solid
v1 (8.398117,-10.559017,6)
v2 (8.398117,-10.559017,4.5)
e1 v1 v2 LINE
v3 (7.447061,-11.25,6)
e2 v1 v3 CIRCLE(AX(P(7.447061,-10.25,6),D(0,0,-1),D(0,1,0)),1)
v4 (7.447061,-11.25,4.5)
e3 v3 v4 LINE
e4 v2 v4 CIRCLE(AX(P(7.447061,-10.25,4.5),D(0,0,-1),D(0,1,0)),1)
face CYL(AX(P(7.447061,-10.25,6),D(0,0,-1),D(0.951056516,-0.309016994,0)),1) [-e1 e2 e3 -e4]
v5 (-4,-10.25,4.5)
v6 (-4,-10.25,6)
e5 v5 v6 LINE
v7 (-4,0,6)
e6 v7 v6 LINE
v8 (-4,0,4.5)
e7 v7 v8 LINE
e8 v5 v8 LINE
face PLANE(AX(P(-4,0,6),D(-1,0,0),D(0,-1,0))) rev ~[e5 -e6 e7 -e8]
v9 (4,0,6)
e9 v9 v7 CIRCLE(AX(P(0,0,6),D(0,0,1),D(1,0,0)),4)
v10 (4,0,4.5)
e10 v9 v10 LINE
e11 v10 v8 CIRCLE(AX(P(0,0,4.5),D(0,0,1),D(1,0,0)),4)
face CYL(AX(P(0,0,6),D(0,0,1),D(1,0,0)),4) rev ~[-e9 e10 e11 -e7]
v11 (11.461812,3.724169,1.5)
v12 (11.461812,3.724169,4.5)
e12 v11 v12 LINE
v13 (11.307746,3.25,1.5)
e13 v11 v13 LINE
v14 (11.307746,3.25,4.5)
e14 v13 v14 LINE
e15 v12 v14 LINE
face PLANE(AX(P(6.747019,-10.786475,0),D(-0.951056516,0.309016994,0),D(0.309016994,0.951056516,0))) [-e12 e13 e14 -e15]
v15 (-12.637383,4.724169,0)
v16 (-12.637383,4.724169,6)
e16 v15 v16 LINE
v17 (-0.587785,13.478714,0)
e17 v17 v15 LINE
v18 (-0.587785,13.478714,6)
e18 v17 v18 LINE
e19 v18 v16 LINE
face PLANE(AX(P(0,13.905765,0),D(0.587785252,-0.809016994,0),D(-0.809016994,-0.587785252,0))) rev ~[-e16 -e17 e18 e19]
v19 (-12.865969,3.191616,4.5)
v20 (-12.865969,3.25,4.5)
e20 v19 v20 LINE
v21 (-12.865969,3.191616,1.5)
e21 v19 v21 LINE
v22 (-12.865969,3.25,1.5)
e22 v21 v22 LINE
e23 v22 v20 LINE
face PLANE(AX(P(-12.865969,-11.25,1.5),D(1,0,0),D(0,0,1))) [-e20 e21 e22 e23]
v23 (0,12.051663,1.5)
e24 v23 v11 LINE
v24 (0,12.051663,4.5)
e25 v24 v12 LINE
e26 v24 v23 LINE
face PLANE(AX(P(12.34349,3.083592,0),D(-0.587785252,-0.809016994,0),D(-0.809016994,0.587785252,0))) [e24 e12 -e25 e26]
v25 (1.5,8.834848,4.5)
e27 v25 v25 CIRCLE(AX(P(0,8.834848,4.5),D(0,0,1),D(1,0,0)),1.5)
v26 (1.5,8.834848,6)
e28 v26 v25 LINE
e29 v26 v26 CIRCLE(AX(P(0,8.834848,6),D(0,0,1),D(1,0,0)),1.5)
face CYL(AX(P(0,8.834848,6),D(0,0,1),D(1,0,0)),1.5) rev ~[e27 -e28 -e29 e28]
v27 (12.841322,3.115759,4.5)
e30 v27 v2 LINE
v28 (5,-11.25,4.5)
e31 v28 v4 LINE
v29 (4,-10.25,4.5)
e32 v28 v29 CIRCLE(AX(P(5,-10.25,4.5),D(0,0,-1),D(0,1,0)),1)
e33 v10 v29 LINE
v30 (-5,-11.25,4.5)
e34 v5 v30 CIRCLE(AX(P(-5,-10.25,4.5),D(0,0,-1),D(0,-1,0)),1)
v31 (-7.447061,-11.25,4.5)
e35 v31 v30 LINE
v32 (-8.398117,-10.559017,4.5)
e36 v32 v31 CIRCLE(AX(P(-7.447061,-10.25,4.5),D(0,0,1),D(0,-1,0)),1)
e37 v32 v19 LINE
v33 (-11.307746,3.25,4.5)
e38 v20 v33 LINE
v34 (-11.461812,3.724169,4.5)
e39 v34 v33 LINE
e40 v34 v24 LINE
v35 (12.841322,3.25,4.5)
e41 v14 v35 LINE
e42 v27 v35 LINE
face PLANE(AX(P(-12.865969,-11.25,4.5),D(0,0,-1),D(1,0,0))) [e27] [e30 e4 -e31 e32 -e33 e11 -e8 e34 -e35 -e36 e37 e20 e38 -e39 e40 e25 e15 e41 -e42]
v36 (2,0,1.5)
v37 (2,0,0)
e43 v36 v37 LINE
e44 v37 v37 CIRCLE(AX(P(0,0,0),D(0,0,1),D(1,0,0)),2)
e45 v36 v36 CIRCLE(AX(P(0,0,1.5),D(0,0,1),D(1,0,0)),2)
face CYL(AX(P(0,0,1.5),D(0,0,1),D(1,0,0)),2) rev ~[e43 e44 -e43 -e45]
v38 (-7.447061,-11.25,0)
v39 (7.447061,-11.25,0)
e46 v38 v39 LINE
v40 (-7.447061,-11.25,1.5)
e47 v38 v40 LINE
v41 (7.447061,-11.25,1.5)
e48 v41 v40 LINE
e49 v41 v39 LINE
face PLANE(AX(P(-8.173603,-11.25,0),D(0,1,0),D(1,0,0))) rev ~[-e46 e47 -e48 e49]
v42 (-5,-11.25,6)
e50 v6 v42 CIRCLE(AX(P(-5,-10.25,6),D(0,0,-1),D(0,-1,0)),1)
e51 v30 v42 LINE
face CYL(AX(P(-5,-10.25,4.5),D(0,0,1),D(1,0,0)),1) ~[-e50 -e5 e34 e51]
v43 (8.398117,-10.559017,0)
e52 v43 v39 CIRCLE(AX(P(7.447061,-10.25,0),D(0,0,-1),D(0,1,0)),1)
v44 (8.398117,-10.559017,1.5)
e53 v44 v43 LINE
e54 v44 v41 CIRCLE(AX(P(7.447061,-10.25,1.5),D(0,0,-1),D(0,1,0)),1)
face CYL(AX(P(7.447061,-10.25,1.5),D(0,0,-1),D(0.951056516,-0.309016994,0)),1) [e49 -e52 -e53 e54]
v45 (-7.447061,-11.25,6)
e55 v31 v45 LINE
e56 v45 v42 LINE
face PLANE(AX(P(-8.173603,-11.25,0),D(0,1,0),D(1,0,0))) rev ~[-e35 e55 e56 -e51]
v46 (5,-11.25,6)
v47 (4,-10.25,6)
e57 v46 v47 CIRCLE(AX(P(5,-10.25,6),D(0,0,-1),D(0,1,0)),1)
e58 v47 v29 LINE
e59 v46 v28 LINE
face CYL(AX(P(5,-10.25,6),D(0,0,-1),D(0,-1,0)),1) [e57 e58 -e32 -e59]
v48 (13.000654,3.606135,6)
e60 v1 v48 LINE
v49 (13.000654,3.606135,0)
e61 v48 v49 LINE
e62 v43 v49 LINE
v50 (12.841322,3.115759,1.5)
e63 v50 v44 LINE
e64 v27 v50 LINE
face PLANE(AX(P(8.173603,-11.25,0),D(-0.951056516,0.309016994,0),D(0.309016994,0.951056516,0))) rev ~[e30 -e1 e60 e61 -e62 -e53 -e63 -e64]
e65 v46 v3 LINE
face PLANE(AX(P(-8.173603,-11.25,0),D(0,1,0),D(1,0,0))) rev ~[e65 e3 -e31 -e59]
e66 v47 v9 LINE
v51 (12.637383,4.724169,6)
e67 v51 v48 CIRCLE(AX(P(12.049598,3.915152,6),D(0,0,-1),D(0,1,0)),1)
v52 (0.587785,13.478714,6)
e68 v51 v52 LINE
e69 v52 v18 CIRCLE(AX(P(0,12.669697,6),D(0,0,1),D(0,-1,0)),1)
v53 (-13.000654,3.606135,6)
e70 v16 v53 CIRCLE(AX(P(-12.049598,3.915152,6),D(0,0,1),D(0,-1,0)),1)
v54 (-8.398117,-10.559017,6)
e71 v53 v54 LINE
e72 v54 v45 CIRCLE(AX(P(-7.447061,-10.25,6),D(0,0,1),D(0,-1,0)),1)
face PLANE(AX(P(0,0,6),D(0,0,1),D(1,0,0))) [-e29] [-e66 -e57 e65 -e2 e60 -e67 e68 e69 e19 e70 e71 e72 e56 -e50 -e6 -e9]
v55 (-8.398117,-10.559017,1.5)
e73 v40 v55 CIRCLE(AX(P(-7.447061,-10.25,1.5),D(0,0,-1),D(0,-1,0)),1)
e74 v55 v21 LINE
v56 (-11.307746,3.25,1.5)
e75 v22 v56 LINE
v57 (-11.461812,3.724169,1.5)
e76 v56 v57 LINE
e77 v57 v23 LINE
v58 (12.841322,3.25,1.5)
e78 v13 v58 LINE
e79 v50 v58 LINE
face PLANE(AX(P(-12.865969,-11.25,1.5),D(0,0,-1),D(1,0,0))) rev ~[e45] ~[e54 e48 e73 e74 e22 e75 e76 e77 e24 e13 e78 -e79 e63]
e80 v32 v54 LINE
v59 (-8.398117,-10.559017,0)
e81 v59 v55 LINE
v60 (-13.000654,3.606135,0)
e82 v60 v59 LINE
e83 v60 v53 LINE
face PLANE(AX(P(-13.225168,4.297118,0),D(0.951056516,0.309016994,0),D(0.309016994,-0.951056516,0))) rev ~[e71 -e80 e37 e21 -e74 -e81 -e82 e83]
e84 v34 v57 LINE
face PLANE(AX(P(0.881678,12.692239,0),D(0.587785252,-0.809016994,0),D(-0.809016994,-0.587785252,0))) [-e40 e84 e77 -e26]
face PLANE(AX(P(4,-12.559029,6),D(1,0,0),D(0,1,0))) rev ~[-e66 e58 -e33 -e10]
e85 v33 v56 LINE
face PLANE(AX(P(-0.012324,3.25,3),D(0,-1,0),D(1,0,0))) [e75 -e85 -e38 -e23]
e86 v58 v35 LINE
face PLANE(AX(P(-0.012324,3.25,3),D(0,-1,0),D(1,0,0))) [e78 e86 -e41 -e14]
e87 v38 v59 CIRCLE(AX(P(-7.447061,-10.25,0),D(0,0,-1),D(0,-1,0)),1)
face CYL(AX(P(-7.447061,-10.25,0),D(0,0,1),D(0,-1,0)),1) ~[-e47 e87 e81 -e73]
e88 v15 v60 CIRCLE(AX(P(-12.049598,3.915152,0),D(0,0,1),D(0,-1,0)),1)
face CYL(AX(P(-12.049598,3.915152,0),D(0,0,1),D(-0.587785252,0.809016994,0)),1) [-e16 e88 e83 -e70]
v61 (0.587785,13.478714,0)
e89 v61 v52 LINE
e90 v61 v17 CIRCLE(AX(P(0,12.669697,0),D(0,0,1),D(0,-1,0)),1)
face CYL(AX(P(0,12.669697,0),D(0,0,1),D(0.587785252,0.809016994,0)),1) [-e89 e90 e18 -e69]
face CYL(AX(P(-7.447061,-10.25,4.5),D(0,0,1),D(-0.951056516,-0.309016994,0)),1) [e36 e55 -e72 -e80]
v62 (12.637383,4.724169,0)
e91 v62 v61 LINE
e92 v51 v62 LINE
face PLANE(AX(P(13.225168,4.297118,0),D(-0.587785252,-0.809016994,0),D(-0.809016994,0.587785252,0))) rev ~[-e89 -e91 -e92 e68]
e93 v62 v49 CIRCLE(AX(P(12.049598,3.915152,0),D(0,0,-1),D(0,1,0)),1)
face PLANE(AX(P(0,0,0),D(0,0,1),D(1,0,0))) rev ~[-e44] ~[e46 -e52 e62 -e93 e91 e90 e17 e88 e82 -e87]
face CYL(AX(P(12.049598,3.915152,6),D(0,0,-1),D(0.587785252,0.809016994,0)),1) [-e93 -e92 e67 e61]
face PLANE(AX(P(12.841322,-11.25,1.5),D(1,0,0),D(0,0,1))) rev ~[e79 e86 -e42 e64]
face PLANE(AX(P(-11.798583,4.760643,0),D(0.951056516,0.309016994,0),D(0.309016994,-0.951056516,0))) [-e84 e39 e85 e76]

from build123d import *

# Parameters (mm, degrees)
F1_DEPTH  = 6
F2_T      = -1.5
F3_DEPTH  = 5
F4_T      = -1.5
F5_W      = 25.7072905079
F5_H      = 3
F6_DEPTH  = 14.5
F8_DEPTH  = 2
F9_R      = 2
F10_DEPTH = 25
F11_R     = 1
F12_R     = 1.5
F13_DEPTH = 2


with BuildPart() as f1:
    # F0 (on Top) → F1 (new body)
    with BuildSketch(Plane.XY):
        Polygon((8.1736034401, -11.25), (13.2251681766, 4.2971176266), (0, 13.9057647469), (-13.2251681766, 4.2971176266), (-8.1736034401, -11.25), align=None)
    extrude(amount=F1_DEPTH)

    # F2
    f2_openings = [f1.faces().sort_by_distance(p)[0] for p in [
        (10.699386, -3.476441, 3),
    ]]
    offset(amount=F2_T, openings=f2_openings)

    # F0 (on Top) → F3 (join)
    with BuildSketch(Plane.XY):
        Polygon((8.1736034401, -11.25), (13.2251681766, 4.2971176266), (0, 13.9057647469), (-13.2251681766, 4.2971176266), (-8.1736034401, -11.25), align=None)
    extrude(amount=F3_DEPTH)

    # F4
    f4_openings = [f1.faces().sort_by_distance(p)[0] for p in [
        (0, -11.25, 3),
    ]]
    offset(amount=F4_T, openings=f4_openings)

    # F5 (on face) → F6 (cut)
    with BuildSketch(Plane.XZ.offset(11.25)):
        with Locations((-0.012323726, 3)):
            Rectangle(F5_W, F5_H)
    extrude(amount=-F6_DEPTH, mode=Mode.SUBTRACT)

    # F7 (on face) → F8 (cut)
    with BuildSketch(Plane.XY.offset(6)):
        with BuildLine():
            Line((4, -12.5590292737), (4, 0))
            ThreePointArc((4, 0), (0, 4), (-4, 0))
            Line((-4, 0), (-4, -12.5590292737))
            Line((-4, -12.5590292737), (4, -12.5590292737))
        make_face()
    extrude(amount=-F8_DEPTH, mode=Mode.SUBTRACT)

    # F9 (on face) → F10 (cut)
    with BuildSketch(Plane.XY.offset(1.5)):
        Circle(F9_R)
    extrude(amount=-F10_DEPTH, mode=Mode.SUBTRACT)

    # F11
    f11_edges = [f1.edges().sort_by_distance(p)[0] for p in [
        (8.173603, -11.25, 5.25),
        (13.225168, 4.297118, 3),
        (8.173603, -11.25, 0.75),
        (-8.173603, -11.25, 0.75),
        (-8.173603, -11.25, 5.25),
        (-4, -11.25, 5.25),
        (4, -11.25, 5.25),
        (0, 13.905765, 3),
        (-13.225168, 4.297118, 3),
    ]]
    fillet(f11_edges, radius=F11_R)

    # F12 (on face) → F13 (cut)
    with BuildSketch(Plane.XY.offset(6)):
        with Locations((0, 8.8348483847)):
            Circle(F12_R)
    extrude(amount=-F13_DEPTH, mode=Mode.SUBTRACT)


solid = f1.part
